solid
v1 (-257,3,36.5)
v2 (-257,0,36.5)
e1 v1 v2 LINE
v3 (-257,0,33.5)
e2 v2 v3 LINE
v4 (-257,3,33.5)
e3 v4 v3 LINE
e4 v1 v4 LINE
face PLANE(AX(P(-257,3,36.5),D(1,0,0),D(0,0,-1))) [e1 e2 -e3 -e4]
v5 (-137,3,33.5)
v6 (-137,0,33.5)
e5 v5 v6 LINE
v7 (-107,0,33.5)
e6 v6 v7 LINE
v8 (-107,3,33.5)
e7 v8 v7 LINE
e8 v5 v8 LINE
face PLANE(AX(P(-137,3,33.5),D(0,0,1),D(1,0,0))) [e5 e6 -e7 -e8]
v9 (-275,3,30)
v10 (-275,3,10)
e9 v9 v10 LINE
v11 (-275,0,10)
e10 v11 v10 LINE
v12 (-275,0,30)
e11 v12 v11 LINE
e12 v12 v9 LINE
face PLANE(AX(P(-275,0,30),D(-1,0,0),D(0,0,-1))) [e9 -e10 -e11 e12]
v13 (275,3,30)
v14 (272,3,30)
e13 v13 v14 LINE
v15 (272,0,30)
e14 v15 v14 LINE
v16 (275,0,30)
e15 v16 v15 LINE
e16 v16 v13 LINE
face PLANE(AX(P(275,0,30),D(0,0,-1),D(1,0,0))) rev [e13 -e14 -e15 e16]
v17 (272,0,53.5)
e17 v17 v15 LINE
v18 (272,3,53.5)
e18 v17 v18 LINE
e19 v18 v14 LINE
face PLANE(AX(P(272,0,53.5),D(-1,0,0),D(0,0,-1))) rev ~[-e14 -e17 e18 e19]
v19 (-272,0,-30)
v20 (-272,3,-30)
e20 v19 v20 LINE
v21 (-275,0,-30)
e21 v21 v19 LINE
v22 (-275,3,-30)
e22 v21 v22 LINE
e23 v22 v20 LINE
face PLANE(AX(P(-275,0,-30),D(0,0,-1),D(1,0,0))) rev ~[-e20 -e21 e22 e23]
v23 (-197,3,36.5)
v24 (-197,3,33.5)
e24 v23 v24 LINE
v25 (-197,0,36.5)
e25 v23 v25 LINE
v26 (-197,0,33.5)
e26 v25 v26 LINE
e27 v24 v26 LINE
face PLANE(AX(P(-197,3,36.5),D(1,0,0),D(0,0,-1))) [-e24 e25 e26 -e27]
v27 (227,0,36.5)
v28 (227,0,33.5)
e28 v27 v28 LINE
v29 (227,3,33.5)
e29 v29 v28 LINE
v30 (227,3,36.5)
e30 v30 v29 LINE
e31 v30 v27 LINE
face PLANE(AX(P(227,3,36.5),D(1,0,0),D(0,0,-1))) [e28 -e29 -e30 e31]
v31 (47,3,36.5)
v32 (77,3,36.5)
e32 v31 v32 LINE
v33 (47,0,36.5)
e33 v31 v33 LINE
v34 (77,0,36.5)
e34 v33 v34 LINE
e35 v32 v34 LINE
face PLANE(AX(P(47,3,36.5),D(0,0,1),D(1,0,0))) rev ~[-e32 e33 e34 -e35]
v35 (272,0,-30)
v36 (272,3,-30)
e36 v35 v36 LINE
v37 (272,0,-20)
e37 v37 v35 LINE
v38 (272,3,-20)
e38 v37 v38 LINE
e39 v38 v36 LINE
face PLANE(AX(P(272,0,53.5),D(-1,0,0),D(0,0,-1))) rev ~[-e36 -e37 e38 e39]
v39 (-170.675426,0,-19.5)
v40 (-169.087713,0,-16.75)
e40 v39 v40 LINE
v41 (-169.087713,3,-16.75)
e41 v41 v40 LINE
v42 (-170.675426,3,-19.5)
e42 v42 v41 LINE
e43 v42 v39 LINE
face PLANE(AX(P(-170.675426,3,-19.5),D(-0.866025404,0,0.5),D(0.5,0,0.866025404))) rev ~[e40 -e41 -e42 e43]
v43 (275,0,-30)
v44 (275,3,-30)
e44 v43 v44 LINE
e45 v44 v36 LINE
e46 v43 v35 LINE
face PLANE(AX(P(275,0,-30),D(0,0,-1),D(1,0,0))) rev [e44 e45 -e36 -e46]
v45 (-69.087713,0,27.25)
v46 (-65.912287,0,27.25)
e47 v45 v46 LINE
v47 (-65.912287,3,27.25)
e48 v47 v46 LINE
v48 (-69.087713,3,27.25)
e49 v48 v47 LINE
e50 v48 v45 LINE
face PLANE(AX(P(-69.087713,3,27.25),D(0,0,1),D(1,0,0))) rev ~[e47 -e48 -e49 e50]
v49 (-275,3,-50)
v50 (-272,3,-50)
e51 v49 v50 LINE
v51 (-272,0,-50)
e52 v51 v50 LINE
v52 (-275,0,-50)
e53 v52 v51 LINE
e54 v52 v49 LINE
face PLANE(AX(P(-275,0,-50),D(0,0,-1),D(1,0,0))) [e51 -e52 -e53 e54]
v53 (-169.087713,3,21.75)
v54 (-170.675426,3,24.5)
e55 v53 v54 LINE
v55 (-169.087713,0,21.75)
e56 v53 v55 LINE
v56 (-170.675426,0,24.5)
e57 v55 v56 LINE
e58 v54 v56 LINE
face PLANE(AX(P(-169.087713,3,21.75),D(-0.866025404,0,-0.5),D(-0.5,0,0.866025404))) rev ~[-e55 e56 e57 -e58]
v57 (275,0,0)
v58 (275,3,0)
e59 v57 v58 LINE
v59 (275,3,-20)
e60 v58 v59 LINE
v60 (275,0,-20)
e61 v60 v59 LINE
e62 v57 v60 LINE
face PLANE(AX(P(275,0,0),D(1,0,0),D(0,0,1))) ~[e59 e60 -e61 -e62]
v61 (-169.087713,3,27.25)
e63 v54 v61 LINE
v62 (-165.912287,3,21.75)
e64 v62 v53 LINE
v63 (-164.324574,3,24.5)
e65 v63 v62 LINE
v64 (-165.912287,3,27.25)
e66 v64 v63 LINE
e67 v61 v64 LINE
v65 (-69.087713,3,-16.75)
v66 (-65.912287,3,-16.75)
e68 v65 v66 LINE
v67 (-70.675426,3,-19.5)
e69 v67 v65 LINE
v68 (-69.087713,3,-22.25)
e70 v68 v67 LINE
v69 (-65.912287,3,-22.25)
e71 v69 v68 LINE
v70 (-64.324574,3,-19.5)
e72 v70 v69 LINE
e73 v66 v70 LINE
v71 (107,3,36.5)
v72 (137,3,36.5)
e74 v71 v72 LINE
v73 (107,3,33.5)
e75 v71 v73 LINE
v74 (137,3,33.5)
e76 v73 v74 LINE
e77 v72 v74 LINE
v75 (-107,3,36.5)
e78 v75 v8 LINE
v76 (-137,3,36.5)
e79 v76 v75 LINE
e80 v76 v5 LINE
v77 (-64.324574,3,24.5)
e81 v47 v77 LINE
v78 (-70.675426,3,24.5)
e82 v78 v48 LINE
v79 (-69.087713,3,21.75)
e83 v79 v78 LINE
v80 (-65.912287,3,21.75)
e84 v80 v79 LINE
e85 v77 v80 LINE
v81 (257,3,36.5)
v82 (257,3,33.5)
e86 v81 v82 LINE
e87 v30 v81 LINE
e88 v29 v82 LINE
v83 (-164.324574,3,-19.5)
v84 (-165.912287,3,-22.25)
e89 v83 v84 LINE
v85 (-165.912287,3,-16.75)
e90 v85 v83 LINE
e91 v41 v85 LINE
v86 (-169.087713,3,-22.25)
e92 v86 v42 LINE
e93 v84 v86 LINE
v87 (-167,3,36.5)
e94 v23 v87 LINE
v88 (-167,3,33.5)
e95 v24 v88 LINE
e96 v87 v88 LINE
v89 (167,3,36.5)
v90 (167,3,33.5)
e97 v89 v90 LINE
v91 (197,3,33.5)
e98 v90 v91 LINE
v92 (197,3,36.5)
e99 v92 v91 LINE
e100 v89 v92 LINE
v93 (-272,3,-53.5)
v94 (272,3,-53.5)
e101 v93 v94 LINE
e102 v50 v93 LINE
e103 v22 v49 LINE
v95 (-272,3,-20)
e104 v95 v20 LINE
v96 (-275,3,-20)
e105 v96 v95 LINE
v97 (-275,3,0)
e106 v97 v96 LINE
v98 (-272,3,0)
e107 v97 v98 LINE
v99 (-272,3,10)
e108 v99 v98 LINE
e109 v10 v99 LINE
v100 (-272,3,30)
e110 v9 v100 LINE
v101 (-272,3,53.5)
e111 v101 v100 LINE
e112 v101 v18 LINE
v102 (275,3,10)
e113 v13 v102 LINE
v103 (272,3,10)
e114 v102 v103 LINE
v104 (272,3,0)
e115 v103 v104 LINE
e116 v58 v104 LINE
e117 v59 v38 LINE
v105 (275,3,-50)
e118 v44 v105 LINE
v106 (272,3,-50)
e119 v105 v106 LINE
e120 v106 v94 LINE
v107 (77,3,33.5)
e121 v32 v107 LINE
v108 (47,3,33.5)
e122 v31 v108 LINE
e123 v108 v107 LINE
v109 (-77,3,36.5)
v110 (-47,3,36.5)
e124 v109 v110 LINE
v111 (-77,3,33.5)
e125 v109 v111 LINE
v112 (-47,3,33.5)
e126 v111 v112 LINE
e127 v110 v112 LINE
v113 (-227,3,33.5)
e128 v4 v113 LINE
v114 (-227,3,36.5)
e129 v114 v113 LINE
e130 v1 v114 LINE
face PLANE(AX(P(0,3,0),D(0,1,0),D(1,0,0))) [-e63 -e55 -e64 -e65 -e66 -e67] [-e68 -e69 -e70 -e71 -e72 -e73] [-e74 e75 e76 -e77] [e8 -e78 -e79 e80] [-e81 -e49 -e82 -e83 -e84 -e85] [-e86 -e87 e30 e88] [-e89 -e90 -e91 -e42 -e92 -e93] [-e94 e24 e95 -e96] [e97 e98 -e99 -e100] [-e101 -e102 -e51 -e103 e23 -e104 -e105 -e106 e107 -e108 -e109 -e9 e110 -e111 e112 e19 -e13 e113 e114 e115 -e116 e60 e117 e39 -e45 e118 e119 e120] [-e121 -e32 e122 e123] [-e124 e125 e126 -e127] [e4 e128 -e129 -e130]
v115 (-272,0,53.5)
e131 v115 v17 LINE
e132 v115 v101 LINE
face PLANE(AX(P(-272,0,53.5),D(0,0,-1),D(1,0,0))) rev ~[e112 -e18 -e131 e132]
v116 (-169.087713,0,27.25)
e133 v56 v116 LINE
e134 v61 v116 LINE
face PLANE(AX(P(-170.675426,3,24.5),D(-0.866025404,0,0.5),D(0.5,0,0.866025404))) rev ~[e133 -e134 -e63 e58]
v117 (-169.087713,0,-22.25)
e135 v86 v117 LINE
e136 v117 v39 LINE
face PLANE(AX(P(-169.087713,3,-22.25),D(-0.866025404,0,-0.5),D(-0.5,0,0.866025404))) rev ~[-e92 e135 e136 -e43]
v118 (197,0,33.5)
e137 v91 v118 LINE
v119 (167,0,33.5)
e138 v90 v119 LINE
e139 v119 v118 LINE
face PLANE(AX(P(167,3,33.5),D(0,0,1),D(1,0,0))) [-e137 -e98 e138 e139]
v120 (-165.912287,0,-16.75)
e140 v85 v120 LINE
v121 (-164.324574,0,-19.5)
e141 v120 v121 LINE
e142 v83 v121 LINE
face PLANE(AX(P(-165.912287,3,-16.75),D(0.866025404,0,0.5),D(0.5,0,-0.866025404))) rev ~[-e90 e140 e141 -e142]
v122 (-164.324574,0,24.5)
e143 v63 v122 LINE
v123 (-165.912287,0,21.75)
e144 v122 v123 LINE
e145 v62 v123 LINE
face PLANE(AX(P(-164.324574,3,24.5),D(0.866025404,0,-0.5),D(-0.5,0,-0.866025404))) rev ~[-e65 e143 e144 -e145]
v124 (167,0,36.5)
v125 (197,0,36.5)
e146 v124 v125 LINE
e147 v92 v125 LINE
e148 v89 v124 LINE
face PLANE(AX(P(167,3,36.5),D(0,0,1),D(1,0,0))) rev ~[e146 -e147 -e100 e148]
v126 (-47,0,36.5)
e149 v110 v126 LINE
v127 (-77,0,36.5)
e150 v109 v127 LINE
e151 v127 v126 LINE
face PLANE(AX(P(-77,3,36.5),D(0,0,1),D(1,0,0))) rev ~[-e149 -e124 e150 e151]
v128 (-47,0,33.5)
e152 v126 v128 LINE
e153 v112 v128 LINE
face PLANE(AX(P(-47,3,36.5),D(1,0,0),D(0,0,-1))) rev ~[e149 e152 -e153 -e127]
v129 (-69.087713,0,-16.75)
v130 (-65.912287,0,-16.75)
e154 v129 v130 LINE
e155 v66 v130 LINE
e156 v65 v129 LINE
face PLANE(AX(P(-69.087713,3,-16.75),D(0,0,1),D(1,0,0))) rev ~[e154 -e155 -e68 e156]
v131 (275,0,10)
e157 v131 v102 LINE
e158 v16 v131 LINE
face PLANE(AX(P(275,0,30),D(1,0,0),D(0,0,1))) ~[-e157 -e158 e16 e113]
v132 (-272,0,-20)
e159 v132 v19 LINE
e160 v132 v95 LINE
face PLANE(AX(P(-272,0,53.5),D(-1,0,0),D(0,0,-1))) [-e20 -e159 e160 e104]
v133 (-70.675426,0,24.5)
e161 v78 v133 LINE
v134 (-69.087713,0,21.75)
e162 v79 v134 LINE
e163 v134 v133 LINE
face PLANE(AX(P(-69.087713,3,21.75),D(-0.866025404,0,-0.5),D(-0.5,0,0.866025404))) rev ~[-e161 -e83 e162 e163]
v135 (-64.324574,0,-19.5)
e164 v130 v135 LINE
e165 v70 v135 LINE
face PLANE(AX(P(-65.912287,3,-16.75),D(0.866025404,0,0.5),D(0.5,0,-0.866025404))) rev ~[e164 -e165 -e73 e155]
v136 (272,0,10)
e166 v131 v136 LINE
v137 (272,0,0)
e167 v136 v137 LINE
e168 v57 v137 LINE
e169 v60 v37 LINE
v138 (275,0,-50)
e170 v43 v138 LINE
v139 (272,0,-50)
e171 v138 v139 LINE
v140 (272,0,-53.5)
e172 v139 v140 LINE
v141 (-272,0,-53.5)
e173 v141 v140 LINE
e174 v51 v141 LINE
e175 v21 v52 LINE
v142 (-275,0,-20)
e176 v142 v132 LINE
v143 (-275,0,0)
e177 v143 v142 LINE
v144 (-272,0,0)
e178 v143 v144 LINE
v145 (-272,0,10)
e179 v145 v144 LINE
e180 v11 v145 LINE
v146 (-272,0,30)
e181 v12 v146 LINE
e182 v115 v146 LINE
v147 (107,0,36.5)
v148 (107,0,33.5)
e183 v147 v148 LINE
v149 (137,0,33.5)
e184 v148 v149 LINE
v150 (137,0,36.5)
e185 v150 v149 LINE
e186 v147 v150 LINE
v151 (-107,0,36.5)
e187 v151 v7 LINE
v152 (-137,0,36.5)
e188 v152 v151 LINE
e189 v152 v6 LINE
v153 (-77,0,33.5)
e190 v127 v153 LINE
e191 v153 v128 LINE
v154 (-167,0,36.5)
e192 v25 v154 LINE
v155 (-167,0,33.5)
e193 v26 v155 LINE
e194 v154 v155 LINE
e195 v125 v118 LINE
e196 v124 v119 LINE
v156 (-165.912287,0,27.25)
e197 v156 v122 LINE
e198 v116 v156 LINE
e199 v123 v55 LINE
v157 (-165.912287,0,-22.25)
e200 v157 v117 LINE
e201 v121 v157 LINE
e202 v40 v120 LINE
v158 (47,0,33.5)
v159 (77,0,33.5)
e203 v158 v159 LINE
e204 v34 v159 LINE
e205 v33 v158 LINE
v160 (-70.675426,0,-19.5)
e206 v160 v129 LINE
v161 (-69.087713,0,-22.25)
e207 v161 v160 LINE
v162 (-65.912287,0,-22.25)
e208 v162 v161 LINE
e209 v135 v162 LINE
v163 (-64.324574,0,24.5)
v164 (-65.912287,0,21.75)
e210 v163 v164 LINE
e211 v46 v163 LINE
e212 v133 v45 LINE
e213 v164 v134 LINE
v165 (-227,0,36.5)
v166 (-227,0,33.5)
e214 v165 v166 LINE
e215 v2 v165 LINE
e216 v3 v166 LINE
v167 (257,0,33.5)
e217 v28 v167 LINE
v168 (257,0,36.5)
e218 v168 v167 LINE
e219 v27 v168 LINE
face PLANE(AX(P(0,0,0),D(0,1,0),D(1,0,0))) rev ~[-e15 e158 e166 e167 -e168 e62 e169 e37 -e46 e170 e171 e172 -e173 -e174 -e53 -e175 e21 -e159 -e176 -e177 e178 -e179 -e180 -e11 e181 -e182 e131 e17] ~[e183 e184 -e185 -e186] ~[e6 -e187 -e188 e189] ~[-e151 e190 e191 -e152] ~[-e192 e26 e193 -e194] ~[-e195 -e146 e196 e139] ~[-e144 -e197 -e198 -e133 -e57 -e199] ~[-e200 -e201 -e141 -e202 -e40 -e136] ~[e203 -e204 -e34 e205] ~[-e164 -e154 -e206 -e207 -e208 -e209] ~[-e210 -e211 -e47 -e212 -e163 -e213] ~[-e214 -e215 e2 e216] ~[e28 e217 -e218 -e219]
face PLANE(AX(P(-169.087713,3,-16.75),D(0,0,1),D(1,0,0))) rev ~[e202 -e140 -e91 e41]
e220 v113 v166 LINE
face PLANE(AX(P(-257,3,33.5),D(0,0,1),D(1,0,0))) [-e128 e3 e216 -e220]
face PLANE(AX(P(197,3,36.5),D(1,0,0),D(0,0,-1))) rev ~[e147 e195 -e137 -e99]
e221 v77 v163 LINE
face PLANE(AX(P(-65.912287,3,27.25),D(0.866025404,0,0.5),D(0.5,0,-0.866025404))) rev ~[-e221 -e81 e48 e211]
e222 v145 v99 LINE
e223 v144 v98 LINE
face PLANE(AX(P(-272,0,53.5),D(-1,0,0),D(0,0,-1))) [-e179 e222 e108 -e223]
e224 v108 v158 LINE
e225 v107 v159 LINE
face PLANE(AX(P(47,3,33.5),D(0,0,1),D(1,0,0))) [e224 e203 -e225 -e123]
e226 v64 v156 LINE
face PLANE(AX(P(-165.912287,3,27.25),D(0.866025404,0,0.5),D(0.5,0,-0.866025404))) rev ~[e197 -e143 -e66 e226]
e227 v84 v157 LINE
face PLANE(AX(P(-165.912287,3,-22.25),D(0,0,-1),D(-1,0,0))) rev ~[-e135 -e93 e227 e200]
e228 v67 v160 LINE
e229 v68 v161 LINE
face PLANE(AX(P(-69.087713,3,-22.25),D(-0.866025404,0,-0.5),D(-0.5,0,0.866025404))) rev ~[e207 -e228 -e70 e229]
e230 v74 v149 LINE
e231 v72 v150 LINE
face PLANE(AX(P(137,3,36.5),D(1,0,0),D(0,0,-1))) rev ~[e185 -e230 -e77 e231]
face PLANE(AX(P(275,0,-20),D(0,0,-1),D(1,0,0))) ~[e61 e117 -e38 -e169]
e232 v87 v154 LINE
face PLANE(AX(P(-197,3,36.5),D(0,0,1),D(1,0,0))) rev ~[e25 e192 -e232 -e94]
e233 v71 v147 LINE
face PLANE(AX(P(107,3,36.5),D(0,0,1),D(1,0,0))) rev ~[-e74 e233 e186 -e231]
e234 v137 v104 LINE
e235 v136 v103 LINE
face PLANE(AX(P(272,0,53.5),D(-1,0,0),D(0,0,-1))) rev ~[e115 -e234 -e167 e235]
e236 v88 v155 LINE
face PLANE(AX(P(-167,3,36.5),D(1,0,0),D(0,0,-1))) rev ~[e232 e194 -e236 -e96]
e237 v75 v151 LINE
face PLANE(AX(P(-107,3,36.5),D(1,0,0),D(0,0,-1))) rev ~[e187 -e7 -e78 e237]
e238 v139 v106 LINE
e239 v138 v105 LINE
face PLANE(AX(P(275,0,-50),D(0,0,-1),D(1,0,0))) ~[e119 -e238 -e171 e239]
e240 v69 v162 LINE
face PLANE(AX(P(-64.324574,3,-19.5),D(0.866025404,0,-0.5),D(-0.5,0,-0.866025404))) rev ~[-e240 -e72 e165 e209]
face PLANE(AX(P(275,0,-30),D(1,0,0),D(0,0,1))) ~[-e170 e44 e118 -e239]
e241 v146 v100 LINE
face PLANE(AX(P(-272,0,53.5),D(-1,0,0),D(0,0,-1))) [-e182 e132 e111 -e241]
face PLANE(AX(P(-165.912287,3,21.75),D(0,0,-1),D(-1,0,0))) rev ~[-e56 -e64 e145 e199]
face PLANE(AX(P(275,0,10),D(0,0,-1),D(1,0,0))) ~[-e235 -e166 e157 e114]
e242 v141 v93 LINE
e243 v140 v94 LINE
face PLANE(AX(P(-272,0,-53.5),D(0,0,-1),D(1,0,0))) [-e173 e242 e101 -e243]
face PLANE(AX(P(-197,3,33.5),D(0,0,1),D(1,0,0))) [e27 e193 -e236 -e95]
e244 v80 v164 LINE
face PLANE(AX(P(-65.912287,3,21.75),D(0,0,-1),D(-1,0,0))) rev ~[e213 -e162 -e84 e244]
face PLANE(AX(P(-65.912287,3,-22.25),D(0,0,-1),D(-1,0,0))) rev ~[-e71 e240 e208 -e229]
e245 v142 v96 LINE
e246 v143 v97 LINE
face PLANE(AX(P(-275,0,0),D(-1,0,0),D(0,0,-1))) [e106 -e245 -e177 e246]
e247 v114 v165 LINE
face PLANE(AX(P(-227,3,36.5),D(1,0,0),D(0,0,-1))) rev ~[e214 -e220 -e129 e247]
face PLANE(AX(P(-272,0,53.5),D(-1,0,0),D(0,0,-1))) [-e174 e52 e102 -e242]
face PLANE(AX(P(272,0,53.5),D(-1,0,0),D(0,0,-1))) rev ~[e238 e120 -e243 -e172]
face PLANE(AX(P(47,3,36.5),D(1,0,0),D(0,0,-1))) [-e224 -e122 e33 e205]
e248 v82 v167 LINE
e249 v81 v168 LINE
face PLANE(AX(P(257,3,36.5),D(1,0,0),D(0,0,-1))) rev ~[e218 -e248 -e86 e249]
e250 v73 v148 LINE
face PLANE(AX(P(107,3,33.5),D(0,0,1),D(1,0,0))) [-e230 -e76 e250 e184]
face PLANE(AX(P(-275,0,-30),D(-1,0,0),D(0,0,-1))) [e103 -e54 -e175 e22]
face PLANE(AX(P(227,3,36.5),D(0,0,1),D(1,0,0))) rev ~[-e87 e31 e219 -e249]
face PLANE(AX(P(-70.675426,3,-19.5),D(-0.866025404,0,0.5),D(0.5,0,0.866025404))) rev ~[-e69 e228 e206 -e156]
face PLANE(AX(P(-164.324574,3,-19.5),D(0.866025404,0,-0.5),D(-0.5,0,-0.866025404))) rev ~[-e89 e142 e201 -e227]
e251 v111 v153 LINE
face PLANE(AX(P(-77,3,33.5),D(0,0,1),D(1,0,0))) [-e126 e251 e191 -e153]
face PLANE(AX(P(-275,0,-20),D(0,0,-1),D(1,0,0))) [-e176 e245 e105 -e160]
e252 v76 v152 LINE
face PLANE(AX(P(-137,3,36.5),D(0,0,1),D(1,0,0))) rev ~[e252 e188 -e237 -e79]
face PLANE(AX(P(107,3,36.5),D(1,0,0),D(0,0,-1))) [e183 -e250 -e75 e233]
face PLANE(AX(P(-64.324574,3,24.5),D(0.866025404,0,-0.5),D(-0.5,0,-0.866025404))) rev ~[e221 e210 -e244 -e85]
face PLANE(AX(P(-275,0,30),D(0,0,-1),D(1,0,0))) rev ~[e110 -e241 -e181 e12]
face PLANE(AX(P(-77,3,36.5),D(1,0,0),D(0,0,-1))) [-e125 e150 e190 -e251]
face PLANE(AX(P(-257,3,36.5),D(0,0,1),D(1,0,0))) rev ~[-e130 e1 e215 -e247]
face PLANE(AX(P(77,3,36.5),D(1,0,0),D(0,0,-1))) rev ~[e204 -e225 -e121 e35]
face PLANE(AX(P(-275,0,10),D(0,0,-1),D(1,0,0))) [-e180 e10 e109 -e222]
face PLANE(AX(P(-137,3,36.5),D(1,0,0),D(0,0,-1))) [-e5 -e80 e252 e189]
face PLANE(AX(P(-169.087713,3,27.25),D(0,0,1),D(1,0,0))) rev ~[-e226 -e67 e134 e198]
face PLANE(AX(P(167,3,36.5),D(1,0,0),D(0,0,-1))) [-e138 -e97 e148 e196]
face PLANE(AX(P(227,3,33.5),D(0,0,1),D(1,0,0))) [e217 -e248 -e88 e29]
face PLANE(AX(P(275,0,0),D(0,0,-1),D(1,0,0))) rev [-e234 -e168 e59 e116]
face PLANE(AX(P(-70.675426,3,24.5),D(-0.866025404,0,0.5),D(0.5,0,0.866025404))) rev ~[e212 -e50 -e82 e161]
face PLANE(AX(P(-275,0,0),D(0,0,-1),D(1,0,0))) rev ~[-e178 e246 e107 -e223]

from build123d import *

# Parameters (mm, degrees)
SKETCH1_W           = 544
SKETCH1_H           = 107
BOSS_EXTRUDE1_DEPTH = 3
SKETCH2_W           = 30
SKETCH2_H           = 3
CUT_EXTRUDE1_DEPTH  = 3
CUT_EXTRUDE2_DEPTH  = 3
SKETCH5_W           = 3
SKETCH5_H           = 20
BOSS_EXTRUDE2_DEPTH = 3


with BuildPart() as part:
    # Sketch1 → Boss-Extrude1 (new body)
    with BuildSketch(Plane(origin=(0, 0, 0), x_dir=(1, 0, 0), z_dir=(0, 1, 0))):
        Rectangle(SKETCH1_W, SKETCH1_H)
    extrude(amount=BOSS_EXTRUDE1_DEPTH)

    # Sketch2 → Cut-Extrude1 (cut)
    with BuildSketch(Plane(origin=(0, 3, 0), x_dir=(1, 0, 0), z_dir=(0, 1, 0))):
        with Locations((62, -35)):
            Rectangle(SKETCH2_W, SKETCH2_H)
        with Locations((122, -35)):
            Rectangle(SKETCH2_W, SKETCH2_H)
        with Locations((182, -35)):
            Rectangle(SKETCH2_W, SKETCH2_H)
        with Locations((242, -35)):
            Rectangle(SKETCH2_W, SKETCH2_H)
        with Locations((-62, -35)):
            Rectangle(SKETCH2_W, SKETCH2_H)
        with Locations((-122, -35)):
            Rectangle(SKETCH2_W, SKETCH2_H)
        with Locations((-182, -35)):
            Rectangle(SKETCH2_W, SKETCH2_H)
        with Locations((-242, -35)):
            Rectangle(SKETCH2_W, SKETCH2_H)
    extrude(amount=-CUT_EXTRUDE1_DEPTH, mode=Mode.SUBTRACT)

    # Sketch4 → Cut-Extrude2 (cut)
    with BuildSketch(Plane(origin=(0, 3, 0), x_dir=(1, 0, 0), z_dir=(0, 1, 0))):
        Polygon((-164.324573519, 19.5), (-165.91228676, 22.25), (-169.08771324, 22.25), (-170.675426481, 19.5), (-169.08771324, 16.75), (-165.91228676, 16.75), align=None)
        Polygon((-164.324573519, -24.5), (-165.91228676, -21.75), (-169.08771324, -21.75), (-170.675426481, -24.5), (-169.08771324, -27.25), (-165.91228676, -27.25), align=None)
        Polygon((-70.675426481, 19.5), (-69.08771324, 16.75), (-65.91228676, 16.75), (-64.324573519, 19.5), (-65.91228676, 22.25), (-69.08771324, 22.25), align=None)
        Polygon((-70.675426481, -24.5), (-69.08771324, -27.25), (-65.91228676, -27.25), (-64.324573519, -24.5), (-65.91228676, -21.75), (-69.08771324, -21.75), align=None)
    extrude(amount=-CUT_EXTRUDE2_DEPTH, mode=Mode.SUBTRACT)

    # Sketch5 → Boss-Extrude2 (add)
    with BuildSketch(Plane(origin=(0, 0, 0), x_dir=(1, 0, 0), z_dir=(0, 1, 0))):
        with Locations((-273.5, 10)):
            Rectangle(SKETCH5_W, SKETCH5_H)
        with Locations((-273.5, -20)):
            Rectangle(SKETCH5_W, SKETCH5_H)
        with Locations((-273.5, 40)):
            Rectangle(SKETCH5_W, SKETCH5_H)
    boss_extrude2 = extrude(amount=BOSS_EXTRUDE2_DEPTH)

    # Mirror1: Boss-Extrude2 across plane
    add(boss_extrude2.mirror(Plane(origin=(0, 0, 0), x_dir=(0, 0, 1), z_dir=(1, 0, 0))))


solid = part.part
